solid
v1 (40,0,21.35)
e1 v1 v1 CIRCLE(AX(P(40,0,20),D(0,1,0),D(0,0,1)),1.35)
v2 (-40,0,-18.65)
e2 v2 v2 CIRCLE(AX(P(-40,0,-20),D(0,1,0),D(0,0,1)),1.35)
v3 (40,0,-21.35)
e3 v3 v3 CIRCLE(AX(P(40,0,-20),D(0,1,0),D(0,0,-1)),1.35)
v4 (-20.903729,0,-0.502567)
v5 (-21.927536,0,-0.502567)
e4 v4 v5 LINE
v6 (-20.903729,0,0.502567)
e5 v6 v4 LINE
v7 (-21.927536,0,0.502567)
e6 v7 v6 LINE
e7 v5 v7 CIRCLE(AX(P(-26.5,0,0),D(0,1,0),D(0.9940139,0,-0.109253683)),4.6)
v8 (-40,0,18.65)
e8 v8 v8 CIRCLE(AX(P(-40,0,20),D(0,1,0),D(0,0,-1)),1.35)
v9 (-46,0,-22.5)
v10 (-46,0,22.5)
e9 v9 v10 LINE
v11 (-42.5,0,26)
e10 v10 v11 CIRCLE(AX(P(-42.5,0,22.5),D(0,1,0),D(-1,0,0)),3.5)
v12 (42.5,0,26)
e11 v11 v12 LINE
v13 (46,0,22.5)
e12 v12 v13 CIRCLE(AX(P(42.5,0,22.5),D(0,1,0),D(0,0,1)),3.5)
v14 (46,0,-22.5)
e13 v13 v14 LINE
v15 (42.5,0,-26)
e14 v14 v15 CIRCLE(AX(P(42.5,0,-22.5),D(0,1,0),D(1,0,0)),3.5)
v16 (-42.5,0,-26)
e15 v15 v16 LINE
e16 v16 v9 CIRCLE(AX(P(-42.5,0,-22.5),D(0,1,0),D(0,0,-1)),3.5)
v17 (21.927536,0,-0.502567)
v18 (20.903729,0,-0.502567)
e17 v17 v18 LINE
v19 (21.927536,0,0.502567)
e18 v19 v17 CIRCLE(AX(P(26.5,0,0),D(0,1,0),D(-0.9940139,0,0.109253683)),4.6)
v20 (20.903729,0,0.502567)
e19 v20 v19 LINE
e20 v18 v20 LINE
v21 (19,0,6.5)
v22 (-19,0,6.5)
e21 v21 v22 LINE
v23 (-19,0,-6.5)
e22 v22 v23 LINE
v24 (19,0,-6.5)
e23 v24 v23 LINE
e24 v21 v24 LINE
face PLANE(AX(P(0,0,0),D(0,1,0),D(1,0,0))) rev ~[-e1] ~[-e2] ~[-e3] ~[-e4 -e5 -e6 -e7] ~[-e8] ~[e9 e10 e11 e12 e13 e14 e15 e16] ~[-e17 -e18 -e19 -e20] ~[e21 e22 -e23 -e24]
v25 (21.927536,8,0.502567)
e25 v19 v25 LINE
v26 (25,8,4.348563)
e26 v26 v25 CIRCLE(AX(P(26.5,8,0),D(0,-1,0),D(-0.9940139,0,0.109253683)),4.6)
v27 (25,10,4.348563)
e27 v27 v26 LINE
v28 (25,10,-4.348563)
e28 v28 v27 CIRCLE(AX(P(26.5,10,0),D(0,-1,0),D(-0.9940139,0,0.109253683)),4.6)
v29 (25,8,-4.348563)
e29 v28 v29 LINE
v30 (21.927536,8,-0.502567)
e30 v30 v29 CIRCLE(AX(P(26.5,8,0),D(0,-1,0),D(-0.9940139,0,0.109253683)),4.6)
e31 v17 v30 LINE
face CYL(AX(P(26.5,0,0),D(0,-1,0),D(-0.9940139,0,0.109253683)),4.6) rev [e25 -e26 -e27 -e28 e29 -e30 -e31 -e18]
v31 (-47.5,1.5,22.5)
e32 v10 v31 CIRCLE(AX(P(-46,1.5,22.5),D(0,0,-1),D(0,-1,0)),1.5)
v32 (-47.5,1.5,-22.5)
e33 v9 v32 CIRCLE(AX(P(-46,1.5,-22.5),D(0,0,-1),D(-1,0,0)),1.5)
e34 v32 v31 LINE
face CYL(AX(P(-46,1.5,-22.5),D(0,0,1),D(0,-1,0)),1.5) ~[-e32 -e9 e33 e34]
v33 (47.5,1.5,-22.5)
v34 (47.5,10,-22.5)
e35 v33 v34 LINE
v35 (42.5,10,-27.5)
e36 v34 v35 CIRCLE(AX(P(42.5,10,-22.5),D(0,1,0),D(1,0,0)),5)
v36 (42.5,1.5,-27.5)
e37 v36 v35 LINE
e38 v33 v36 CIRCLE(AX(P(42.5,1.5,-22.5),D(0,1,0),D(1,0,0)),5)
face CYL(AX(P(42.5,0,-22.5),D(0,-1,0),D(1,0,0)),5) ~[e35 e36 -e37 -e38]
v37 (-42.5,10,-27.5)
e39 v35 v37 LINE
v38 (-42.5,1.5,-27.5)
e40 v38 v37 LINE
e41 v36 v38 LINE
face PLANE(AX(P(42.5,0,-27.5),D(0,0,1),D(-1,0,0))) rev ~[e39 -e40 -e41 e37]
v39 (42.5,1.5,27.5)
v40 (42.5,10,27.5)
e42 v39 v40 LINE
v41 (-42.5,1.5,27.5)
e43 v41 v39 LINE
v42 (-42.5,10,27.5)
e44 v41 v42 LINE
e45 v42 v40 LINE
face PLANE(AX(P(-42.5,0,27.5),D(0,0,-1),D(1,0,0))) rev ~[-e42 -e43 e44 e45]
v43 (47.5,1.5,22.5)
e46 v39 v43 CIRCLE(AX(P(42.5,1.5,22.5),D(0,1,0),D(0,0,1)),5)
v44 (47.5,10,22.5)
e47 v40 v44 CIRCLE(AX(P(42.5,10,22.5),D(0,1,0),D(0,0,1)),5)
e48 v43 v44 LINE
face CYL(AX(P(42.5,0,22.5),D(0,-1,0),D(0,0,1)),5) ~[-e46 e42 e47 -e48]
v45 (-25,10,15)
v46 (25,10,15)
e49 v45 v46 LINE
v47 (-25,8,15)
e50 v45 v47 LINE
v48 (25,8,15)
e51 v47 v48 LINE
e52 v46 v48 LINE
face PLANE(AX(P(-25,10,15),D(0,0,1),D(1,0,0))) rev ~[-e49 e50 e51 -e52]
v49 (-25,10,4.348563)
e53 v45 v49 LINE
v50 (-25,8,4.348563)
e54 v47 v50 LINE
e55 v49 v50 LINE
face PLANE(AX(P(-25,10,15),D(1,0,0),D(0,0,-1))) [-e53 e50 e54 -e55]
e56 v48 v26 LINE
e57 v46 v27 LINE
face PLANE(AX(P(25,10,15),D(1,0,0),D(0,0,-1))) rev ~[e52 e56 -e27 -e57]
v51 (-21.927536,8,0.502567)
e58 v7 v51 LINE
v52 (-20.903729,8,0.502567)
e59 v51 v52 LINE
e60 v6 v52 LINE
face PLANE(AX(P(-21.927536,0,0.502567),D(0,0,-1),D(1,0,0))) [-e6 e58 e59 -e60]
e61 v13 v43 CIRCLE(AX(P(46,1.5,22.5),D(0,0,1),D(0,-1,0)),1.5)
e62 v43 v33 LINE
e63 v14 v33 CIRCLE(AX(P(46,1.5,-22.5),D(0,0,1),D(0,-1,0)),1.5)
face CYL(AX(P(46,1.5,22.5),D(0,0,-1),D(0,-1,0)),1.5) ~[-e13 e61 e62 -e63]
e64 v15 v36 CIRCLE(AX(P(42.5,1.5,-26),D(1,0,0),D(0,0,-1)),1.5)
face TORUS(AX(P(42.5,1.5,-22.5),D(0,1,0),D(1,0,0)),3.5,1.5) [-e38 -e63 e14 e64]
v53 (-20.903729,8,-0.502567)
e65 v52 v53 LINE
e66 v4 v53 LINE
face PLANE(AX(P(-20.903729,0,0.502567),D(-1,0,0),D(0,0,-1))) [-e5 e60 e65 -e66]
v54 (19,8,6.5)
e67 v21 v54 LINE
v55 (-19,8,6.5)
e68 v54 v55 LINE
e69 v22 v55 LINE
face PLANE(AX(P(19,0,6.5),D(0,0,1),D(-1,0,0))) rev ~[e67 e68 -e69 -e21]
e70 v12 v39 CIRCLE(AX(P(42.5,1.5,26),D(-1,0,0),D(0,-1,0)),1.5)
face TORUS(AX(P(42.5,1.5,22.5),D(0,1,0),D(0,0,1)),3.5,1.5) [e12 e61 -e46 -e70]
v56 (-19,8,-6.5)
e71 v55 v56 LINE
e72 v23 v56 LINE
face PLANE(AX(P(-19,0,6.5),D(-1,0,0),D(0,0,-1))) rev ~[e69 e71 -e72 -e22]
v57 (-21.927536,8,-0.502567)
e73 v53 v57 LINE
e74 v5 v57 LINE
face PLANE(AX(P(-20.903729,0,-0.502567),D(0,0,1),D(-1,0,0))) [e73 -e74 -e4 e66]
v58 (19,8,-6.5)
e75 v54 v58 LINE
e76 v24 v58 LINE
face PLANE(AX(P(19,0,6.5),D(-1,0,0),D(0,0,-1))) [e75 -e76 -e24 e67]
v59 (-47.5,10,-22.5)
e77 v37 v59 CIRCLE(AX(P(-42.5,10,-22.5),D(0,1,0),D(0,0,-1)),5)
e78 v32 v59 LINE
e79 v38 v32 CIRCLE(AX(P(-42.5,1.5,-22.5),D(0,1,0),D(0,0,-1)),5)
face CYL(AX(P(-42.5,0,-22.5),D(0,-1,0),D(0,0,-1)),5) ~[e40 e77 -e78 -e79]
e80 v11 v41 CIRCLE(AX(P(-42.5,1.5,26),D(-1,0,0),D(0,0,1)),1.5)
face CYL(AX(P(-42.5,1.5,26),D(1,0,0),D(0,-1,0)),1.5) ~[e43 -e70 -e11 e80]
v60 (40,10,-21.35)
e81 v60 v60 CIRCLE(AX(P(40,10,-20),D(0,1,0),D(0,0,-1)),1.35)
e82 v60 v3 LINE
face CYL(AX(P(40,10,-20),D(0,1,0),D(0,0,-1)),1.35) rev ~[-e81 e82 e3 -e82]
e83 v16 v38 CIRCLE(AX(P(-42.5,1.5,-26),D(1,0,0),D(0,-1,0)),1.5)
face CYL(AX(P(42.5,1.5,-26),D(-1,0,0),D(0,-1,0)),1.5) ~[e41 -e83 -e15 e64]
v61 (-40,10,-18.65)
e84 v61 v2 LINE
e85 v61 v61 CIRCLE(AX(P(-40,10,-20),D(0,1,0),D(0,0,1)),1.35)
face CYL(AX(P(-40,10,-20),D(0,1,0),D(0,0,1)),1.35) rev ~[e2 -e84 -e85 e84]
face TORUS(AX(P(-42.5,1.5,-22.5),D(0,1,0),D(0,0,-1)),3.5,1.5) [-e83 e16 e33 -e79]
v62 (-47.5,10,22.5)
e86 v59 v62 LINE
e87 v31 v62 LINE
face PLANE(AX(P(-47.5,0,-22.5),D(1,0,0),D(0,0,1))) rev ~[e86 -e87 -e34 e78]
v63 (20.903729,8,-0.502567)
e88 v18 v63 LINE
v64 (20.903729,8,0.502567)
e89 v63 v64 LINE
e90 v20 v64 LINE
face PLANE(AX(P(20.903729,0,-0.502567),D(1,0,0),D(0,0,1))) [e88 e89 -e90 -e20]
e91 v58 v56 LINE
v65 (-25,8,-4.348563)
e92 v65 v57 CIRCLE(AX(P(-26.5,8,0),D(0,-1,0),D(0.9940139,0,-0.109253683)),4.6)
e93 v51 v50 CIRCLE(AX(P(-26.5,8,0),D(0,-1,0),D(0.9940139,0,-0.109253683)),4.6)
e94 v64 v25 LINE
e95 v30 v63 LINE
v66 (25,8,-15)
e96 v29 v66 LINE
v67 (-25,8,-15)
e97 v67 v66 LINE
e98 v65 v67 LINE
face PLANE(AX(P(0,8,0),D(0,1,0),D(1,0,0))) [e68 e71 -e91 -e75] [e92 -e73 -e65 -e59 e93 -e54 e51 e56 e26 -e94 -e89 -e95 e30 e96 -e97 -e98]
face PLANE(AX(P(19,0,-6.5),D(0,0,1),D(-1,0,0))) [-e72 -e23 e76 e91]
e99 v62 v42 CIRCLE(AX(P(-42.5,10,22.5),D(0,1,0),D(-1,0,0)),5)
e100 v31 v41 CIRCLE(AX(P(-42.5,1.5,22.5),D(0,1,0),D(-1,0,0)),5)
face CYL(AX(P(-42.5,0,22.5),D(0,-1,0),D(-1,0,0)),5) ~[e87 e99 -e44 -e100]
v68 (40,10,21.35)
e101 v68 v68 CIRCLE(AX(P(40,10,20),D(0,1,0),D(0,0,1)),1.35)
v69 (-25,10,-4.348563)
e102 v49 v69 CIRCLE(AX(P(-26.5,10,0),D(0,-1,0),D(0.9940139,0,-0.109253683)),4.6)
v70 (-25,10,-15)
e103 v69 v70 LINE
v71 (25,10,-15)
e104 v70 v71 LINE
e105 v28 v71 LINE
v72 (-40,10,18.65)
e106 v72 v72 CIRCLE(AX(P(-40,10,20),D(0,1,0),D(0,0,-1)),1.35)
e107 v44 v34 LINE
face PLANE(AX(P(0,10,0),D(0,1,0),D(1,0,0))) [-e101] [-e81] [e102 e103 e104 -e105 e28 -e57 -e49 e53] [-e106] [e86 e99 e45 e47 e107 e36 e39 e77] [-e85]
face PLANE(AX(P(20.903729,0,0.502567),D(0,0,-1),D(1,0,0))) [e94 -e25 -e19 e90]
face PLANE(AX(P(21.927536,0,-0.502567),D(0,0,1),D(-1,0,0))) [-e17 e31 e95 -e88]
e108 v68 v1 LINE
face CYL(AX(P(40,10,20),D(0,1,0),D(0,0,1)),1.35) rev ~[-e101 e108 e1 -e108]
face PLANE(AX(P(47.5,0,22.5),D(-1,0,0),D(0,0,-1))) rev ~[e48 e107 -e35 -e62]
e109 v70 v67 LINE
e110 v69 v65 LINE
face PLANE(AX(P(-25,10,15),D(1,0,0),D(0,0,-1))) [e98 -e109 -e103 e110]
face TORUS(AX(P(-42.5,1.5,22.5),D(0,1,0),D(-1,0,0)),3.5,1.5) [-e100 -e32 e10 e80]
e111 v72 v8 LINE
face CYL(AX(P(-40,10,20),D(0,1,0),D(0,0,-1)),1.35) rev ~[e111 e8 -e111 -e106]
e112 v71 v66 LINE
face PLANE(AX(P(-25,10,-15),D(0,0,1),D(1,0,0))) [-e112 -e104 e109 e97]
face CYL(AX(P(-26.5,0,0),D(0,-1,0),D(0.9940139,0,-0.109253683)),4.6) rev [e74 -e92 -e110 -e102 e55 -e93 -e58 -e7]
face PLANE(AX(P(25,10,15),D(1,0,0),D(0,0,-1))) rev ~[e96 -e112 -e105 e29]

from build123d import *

# Parameters (mm, degrees)
BOSS_EXTRUDE1_DEPTH = 10
SKETCH2_R           = 1.35
CUT_EXTRUDE2_DEPTH  = 56.789784011
FILLET4_R           = 1.5
SKETCH4_W           = 38
SKETCH4_H           = 13
CUT_EXTRUDE3_DEPTH  = 56.789784011
SKETCH5_W           = 50
SKETCH5_H           = 30
CUT_EXTRUDE5_DEPTH  = 2


with BuildPart() as part:
    # Sketch1 → Boss-Extrude1 (new body)
    with BuildSketch(Plane(origin=(0, 0, 0), x_dir=(1, 0, 0), z_dir=(0, 1, 0))):
        with BuildLine():
            Line((-42.5, -27.5), (42.5, -27.5))
            ThreePointArc((42.5, -27.5), (46.035533906, -26.035533906), (47.5, -22.5))
            Line((47.5, -22.5), (47.5, 22.5))
            ThreePointArc((47.5, 22.5), (46.035533906, 26.035533906), (42.5, 27.5))
            Line((42.5, 27.5), (-42.5, 27.5))
            ThreePointArc((-42.5, 27.5), (-46.035533906, 26.035533906), (-47.5, 22.5))
            Line((-47.5, 22.5), (-47.5, -22.5))
            ThreePointArc((-47.5, -22.5), (-46.035533906, -26.035533906), (-42.5, -27.5))
        make_face()
    extrude(amount=BOSS_EXTRUDE1_DEPTH)

    # Sketch2 → Cut-Extrude2 (cut, through all)
    with BuildSketch(Plane(origin=(0, 10, 0), x_dir=(1, 0, 0), z_dir=(0, 1, 0))):
        with Locations((-40, 20)):
            Circle(SKETCH2_R)
        with Locations((-40, -20)):
            Circle(SKETCH2_R)
        with Locations((40, -20)):
            Circle(SKETCH2_R)
        with Locations((40, 20)):
            Circle(SKETCH2_R)
    extrude(amount=-CUT_EXTRUDE2_DEPTH, mode=Mode.SUBTRACT)

    # Fillet4
    fillet4_edges = [part.edges().sort_by_distance(p)[0] for p in [
        (47.5, 0, 0),
        (0, 0, -27.5),
        (0, 0, 27.5),
        (-47.5, 0, 0),
        (-46.035533906, 0, -26.035533906),
        (46.035533906, 0, -26.035533906),
        (46.035533906, 0, 26.035533906),
        (-46.035533906, 0, 26.035533906),
    ]]
    fillet(fillet4_edges, radius=FILLET4_R)

    # Sketch4 → Cut-Extrude3 (cut, through all)
    with BuildSketch(Plane(origin=(0, 0, 0), x_dir=(-1, 0, 0), z_dir=(0, -1, 0))):
        Rectangle(SKETCH4_W, SKETCH4_H)
        with BuildLine():
            Line((20.903728907, -0.502566941), (20.903728907, 0.502566941))
            Line((20.903728907, 0.502566941), (21.927536061, 0.502566941))
            ThreePointArc((21.927536061, 0.502566941), (31.1, 0), (21.927536061, -0.502566941))
            Line((21.927536061, -0.502566941), (20.903728907, -0.502566941))
        make_face()
        with BuildLine():
            Line((-20.903728907, -0.502566941), (-21.927536061, -0.502566941))
            ThreePointArc((-21.927536061, -0.502566941), (-31.1, 0), (-21.927536061, 0.502566941))
            Line((-21.927536061, 0.502566941), (-20.903728907, 0.502566941))
            Line((-20.903728907, 0.502566941), (-20.903728907, -0.502566941))
        make_face()
    extrude(amount=-CUT_EXTRUDE3_DEPTH, mode=Mode.SUBTRACT)

    # Sketch5 → Cut-Extrude5 (cut)
    with BuildSketch(Plane(origin=(0, 10, 0), x_dir=(1, 0, 0), z_dir=(0, 1, 0))):
        Rectangle(SKETCH5_W, SKETCH5_H)
    extrude(amount=-CUT_EXTRUDE5_DEPTH, mode=Mode.SUBTRACT)


solid = part.part
